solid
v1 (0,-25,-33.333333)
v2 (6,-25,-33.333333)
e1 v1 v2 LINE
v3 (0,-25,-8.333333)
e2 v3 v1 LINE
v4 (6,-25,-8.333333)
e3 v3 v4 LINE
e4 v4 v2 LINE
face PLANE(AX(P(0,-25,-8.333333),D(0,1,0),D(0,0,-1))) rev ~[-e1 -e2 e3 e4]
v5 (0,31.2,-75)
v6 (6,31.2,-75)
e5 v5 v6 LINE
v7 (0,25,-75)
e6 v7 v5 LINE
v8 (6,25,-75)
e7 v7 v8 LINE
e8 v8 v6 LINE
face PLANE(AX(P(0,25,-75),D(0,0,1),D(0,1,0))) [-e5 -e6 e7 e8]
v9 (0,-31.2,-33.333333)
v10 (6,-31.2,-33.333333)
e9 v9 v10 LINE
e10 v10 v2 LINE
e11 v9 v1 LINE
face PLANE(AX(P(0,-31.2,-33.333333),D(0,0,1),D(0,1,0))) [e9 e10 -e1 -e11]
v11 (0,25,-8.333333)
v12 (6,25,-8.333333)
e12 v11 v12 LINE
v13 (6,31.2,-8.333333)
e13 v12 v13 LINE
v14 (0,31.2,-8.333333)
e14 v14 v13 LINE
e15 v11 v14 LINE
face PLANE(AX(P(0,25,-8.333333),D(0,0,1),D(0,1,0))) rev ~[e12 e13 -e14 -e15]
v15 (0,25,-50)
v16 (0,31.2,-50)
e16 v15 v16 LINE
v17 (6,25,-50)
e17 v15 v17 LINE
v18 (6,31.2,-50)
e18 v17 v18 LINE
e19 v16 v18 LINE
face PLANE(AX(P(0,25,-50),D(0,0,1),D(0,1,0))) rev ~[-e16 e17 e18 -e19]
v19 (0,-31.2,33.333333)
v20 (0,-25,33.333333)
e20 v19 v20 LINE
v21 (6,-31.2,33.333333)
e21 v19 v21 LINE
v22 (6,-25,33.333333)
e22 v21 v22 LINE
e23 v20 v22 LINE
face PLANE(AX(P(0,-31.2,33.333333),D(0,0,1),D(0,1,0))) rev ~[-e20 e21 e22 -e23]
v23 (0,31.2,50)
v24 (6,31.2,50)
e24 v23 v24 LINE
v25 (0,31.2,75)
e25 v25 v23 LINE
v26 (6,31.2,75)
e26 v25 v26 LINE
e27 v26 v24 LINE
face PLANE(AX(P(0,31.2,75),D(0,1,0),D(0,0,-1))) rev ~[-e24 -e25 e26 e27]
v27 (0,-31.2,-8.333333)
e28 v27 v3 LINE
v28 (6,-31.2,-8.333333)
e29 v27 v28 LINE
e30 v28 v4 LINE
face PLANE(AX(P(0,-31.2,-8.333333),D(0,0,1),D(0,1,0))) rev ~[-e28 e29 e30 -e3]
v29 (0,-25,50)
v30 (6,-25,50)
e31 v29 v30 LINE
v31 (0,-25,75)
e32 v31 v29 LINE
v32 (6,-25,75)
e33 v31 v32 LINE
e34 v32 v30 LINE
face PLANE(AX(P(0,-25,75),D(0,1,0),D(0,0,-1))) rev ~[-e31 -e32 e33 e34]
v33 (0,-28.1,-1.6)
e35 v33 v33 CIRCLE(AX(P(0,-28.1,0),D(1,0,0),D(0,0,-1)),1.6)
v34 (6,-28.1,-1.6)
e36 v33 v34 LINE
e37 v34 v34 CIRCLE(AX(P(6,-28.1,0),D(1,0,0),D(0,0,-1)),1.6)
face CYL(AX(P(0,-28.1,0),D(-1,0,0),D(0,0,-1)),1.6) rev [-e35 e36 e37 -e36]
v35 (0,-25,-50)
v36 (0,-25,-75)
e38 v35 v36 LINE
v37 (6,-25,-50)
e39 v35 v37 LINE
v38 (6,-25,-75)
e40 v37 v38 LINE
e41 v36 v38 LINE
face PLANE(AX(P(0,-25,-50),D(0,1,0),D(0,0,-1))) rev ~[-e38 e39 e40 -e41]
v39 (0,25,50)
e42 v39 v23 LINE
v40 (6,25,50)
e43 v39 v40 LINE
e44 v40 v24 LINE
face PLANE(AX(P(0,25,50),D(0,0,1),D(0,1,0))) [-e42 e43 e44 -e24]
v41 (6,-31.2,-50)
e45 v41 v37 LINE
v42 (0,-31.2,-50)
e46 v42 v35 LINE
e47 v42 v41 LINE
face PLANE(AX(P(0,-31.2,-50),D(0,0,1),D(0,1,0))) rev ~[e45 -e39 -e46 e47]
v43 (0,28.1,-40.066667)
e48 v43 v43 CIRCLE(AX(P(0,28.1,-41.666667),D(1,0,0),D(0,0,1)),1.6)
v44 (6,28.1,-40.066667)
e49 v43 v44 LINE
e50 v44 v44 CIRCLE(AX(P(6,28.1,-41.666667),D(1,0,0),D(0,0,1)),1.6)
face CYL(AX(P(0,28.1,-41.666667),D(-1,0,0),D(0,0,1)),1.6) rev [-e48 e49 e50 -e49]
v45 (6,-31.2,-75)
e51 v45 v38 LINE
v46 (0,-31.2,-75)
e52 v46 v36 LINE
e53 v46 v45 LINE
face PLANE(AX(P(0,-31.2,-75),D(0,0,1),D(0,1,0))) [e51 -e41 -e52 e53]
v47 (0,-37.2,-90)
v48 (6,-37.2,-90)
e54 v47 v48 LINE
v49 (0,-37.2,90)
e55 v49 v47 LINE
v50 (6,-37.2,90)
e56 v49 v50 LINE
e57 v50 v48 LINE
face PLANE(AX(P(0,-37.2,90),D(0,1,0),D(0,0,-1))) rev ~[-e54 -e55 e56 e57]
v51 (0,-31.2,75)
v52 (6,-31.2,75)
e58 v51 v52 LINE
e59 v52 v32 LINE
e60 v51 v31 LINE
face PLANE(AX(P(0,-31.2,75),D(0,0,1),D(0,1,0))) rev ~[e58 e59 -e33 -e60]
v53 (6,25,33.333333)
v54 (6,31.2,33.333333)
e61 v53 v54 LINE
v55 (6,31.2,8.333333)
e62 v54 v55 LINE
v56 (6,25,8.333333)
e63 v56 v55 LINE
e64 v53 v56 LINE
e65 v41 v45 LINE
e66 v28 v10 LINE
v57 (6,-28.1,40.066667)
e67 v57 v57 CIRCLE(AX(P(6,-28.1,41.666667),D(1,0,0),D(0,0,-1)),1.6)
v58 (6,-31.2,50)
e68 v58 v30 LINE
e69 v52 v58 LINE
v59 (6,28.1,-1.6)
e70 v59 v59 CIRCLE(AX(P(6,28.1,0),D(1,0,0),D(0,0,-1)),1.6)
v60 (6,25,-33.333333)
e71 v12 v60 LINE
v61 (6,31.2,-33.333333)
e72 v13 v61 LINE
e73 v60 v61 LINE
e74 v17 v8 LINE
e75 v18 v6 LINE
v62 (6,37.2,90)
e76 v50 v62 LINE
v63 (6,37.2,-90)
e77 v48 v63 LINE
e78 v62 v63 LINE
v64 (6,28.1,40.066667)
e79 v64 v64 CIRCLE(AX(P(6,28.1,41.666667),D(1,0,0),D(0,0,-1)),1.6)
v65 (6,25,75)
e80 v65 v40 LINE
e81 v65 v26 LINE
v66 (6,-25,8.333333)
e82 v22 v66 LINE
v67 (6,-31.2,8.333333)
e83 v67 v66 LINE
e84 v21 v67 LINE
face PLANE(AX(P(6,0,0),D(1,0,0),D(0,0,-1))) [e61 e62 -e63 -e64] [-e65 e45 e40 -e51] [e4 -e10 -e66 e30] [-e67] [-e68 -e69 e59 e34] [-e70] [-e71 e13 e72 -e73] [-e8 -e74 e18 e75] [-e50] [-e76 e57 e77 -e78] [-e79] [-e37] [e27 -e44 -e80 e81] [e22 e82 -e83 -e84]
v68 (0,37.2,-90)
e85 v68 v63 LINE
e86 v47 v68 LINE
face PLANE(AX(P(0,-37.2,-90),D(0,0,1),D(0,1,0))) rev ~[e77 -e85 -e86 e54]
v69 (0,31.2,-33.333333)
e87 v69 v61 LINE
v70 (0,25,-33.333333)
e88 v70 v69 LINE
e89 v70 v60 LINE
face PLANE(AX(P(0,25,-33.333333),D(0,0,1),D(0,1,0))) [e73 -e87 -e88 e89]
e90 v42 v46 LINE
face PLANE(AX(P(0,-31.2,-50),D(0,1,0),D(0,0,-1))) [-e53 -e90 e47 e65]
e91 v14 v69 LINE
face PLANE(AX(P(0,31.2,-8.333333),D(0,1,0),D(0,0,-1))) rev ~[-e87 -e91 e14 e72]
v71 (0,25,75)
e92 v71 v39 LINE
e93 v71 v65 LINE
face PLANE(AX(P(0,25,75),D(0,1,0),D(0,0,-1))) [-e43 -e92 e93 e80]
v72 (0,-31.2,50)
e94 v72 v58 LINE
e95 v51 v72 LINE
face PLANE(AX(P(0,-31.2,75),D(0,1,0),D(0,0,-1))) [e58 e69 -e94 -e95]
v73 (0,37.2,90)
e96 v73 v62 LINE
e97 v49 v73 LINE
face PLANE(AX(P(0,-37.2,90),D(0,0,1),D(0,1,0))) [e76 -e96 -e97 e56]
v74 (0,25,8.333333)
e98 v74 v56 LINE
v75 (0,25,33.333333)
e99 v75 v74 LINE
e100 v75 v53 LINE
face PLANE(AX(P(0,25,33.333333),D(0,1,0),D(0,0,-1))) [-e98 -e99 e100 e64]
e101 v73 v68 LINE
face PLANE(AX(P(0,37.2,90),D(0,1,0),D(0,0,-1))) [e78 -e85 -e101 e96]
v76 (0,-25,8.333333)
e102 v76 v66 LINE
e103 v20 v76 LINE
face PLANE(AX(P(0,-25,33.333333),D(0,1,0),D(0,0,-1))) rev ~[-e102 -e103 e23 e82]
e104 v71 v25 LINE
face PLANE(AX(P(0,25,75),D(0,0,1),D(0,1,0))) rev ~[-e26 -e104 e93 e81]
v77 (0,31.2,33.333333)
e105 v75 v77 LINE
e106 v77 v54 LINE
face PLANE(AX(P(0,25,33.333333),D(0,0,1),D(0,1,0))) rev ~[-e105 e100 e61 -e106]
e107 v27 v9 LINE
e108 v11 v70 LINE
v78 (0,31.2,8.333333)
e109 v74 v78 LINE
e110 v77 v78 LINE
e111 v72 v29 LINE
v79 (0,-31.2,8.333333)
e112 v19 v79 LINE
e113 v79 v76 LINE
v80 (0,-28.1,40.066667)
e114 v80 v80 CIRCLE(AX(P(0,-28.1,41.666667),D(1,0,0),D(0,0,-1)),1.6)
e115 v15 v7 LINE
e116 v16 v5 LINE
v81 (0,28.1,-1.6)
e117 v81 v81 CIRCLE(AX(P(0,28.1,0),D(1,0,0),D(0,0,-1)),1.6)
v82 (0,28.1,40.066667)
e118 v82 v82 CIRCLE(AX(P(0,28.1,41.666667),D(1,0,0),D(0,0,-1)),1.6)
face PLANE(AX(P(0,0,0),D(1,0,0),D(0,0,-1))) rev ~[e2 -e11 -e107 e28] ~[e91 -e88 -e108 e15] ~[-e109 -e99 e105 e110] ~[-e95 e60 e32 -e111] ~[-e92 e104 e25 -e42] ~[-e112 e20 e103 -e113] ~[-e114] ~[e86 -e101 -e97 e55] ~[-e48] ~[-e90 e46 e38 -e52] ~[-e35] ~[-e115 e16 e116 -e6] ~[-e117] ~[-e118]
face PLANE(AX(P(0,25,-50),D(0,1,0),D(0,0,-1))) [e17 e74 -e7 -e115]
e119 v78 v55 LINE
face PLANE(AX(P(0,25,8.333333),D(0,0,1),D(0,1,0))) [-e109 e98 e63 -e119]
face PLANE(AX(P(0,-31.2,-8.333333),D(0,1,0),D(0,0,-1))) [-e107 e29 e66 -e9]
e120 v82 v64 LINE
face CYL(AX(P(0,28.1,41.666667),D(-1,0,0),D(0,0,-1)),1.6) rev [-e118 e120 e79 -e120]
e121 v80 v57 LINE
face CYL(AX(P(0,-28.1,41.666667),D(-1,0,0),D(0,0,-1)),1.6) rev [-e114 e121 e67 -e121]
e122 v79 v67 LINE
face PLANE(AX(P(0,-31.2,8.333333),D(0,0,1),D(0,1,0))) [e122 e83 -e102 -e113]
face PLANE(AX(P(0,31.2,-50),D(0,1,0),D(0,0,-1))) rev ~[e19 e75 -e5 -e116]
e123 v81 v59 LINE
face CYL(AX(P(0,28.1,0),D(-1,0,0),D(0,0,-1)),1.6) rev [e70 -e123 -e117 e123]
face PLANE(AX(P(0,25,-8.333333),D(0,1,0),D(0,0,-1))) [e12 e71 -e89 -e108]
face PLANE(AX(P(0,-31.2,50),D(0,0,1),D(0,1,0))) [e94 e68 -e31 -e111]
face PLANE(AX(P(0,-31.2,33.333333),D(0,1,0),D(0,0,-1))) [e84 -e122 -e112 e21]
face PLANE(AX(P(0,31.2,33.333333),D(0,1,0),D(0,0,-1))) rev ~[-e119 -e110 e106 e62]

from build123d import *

# Parameters (mm, degrees)
SKETCH1_W           = 180
SKETCH1_H           = 74.4
SKETCH1_R           = 1.6
SKETCH1_W_2         = 25
SKETCH1_H_2         = 6.2
BOSS_EXTRUDE1_DEPTH = 6


with BuildPart() as part:
    # Sketch1 → Boss-Extrude1 (new body)
    with BuildSketch(Plane(origin=(0, 0, 0), x_dir=(0, 0, -1), z_dir=(1, 0, 0))):
        Rectangle(SKETCH1_W, SKETCH1_H)
        with Locations((-41.666666667, -28.1)):
            Circle(SKETCH1_R, mode=Mode.SUBTRACT)
        with Locations((0, -28.1)):
            Circle(SKETCH1_R, mode=Mode.SUBTRACT)
        with Locations((-41.666666667, 28.1)):
            Circle(SKETCH1_R, mode=Mode.SUBTRACT)
        with Locations((0, 28.1)):
            Circle(SKETCH1_R, mode=Mode.SUBTRACT)
        with Locations(Location((41.666666667, 28.1, 0), (0, 0, 180))):
            Circle(SKETCH1_R, mode=Mode.SUBTRACT)
        with Locations((-20.833333333, -28.1)):
            Rectangle(SKETCH1_W_2, SKETCH1_H_2, mode=Mode.SUBTRACT)
        with Locations((-62.5, -28.1)):
            Rectangle(SKETCH1_W_2, SKETCH1_H_2, mode=Mode.SUBTRACT)
        with Locations((20.833333333, -28.1)):
            Rectangle(SKETCH1_W_2, SKETCH1_H_2, mode=Mode.SUBTRACT)
        with Locations((62.5, -28.1)):
            Rectangle(SKETCH1_W_2, SKETCH1_H_2, mode=Mode.SUBTRACT)
        with Locations((-62.5, 28.1)):
            Rectangle(SKETCH1_W_2, SKETCH1_H_2, mode=Mode.SUBTRACT)
        with Locations((-20.833333333, 28.1)):
            Rectangle(SKETCH1_W_2, SKETCH1_H_2, mode=Mode.SUBTRACT)
        with Locations((20.833333333, 28.1)):
            Rectangle(SKETCH1_W_2, SKETCH1_H_2, mode=Mode.SUBTRACT)
        with Locations((62.5, 28.1)):
            Rectangle(SKETCH1_W_2, SKETCH1_H_2, mode=Mode.SUBTRACT)
    extrude(amount=BOSS_EXTRUDE1_DEPTH)


solid = part.part
